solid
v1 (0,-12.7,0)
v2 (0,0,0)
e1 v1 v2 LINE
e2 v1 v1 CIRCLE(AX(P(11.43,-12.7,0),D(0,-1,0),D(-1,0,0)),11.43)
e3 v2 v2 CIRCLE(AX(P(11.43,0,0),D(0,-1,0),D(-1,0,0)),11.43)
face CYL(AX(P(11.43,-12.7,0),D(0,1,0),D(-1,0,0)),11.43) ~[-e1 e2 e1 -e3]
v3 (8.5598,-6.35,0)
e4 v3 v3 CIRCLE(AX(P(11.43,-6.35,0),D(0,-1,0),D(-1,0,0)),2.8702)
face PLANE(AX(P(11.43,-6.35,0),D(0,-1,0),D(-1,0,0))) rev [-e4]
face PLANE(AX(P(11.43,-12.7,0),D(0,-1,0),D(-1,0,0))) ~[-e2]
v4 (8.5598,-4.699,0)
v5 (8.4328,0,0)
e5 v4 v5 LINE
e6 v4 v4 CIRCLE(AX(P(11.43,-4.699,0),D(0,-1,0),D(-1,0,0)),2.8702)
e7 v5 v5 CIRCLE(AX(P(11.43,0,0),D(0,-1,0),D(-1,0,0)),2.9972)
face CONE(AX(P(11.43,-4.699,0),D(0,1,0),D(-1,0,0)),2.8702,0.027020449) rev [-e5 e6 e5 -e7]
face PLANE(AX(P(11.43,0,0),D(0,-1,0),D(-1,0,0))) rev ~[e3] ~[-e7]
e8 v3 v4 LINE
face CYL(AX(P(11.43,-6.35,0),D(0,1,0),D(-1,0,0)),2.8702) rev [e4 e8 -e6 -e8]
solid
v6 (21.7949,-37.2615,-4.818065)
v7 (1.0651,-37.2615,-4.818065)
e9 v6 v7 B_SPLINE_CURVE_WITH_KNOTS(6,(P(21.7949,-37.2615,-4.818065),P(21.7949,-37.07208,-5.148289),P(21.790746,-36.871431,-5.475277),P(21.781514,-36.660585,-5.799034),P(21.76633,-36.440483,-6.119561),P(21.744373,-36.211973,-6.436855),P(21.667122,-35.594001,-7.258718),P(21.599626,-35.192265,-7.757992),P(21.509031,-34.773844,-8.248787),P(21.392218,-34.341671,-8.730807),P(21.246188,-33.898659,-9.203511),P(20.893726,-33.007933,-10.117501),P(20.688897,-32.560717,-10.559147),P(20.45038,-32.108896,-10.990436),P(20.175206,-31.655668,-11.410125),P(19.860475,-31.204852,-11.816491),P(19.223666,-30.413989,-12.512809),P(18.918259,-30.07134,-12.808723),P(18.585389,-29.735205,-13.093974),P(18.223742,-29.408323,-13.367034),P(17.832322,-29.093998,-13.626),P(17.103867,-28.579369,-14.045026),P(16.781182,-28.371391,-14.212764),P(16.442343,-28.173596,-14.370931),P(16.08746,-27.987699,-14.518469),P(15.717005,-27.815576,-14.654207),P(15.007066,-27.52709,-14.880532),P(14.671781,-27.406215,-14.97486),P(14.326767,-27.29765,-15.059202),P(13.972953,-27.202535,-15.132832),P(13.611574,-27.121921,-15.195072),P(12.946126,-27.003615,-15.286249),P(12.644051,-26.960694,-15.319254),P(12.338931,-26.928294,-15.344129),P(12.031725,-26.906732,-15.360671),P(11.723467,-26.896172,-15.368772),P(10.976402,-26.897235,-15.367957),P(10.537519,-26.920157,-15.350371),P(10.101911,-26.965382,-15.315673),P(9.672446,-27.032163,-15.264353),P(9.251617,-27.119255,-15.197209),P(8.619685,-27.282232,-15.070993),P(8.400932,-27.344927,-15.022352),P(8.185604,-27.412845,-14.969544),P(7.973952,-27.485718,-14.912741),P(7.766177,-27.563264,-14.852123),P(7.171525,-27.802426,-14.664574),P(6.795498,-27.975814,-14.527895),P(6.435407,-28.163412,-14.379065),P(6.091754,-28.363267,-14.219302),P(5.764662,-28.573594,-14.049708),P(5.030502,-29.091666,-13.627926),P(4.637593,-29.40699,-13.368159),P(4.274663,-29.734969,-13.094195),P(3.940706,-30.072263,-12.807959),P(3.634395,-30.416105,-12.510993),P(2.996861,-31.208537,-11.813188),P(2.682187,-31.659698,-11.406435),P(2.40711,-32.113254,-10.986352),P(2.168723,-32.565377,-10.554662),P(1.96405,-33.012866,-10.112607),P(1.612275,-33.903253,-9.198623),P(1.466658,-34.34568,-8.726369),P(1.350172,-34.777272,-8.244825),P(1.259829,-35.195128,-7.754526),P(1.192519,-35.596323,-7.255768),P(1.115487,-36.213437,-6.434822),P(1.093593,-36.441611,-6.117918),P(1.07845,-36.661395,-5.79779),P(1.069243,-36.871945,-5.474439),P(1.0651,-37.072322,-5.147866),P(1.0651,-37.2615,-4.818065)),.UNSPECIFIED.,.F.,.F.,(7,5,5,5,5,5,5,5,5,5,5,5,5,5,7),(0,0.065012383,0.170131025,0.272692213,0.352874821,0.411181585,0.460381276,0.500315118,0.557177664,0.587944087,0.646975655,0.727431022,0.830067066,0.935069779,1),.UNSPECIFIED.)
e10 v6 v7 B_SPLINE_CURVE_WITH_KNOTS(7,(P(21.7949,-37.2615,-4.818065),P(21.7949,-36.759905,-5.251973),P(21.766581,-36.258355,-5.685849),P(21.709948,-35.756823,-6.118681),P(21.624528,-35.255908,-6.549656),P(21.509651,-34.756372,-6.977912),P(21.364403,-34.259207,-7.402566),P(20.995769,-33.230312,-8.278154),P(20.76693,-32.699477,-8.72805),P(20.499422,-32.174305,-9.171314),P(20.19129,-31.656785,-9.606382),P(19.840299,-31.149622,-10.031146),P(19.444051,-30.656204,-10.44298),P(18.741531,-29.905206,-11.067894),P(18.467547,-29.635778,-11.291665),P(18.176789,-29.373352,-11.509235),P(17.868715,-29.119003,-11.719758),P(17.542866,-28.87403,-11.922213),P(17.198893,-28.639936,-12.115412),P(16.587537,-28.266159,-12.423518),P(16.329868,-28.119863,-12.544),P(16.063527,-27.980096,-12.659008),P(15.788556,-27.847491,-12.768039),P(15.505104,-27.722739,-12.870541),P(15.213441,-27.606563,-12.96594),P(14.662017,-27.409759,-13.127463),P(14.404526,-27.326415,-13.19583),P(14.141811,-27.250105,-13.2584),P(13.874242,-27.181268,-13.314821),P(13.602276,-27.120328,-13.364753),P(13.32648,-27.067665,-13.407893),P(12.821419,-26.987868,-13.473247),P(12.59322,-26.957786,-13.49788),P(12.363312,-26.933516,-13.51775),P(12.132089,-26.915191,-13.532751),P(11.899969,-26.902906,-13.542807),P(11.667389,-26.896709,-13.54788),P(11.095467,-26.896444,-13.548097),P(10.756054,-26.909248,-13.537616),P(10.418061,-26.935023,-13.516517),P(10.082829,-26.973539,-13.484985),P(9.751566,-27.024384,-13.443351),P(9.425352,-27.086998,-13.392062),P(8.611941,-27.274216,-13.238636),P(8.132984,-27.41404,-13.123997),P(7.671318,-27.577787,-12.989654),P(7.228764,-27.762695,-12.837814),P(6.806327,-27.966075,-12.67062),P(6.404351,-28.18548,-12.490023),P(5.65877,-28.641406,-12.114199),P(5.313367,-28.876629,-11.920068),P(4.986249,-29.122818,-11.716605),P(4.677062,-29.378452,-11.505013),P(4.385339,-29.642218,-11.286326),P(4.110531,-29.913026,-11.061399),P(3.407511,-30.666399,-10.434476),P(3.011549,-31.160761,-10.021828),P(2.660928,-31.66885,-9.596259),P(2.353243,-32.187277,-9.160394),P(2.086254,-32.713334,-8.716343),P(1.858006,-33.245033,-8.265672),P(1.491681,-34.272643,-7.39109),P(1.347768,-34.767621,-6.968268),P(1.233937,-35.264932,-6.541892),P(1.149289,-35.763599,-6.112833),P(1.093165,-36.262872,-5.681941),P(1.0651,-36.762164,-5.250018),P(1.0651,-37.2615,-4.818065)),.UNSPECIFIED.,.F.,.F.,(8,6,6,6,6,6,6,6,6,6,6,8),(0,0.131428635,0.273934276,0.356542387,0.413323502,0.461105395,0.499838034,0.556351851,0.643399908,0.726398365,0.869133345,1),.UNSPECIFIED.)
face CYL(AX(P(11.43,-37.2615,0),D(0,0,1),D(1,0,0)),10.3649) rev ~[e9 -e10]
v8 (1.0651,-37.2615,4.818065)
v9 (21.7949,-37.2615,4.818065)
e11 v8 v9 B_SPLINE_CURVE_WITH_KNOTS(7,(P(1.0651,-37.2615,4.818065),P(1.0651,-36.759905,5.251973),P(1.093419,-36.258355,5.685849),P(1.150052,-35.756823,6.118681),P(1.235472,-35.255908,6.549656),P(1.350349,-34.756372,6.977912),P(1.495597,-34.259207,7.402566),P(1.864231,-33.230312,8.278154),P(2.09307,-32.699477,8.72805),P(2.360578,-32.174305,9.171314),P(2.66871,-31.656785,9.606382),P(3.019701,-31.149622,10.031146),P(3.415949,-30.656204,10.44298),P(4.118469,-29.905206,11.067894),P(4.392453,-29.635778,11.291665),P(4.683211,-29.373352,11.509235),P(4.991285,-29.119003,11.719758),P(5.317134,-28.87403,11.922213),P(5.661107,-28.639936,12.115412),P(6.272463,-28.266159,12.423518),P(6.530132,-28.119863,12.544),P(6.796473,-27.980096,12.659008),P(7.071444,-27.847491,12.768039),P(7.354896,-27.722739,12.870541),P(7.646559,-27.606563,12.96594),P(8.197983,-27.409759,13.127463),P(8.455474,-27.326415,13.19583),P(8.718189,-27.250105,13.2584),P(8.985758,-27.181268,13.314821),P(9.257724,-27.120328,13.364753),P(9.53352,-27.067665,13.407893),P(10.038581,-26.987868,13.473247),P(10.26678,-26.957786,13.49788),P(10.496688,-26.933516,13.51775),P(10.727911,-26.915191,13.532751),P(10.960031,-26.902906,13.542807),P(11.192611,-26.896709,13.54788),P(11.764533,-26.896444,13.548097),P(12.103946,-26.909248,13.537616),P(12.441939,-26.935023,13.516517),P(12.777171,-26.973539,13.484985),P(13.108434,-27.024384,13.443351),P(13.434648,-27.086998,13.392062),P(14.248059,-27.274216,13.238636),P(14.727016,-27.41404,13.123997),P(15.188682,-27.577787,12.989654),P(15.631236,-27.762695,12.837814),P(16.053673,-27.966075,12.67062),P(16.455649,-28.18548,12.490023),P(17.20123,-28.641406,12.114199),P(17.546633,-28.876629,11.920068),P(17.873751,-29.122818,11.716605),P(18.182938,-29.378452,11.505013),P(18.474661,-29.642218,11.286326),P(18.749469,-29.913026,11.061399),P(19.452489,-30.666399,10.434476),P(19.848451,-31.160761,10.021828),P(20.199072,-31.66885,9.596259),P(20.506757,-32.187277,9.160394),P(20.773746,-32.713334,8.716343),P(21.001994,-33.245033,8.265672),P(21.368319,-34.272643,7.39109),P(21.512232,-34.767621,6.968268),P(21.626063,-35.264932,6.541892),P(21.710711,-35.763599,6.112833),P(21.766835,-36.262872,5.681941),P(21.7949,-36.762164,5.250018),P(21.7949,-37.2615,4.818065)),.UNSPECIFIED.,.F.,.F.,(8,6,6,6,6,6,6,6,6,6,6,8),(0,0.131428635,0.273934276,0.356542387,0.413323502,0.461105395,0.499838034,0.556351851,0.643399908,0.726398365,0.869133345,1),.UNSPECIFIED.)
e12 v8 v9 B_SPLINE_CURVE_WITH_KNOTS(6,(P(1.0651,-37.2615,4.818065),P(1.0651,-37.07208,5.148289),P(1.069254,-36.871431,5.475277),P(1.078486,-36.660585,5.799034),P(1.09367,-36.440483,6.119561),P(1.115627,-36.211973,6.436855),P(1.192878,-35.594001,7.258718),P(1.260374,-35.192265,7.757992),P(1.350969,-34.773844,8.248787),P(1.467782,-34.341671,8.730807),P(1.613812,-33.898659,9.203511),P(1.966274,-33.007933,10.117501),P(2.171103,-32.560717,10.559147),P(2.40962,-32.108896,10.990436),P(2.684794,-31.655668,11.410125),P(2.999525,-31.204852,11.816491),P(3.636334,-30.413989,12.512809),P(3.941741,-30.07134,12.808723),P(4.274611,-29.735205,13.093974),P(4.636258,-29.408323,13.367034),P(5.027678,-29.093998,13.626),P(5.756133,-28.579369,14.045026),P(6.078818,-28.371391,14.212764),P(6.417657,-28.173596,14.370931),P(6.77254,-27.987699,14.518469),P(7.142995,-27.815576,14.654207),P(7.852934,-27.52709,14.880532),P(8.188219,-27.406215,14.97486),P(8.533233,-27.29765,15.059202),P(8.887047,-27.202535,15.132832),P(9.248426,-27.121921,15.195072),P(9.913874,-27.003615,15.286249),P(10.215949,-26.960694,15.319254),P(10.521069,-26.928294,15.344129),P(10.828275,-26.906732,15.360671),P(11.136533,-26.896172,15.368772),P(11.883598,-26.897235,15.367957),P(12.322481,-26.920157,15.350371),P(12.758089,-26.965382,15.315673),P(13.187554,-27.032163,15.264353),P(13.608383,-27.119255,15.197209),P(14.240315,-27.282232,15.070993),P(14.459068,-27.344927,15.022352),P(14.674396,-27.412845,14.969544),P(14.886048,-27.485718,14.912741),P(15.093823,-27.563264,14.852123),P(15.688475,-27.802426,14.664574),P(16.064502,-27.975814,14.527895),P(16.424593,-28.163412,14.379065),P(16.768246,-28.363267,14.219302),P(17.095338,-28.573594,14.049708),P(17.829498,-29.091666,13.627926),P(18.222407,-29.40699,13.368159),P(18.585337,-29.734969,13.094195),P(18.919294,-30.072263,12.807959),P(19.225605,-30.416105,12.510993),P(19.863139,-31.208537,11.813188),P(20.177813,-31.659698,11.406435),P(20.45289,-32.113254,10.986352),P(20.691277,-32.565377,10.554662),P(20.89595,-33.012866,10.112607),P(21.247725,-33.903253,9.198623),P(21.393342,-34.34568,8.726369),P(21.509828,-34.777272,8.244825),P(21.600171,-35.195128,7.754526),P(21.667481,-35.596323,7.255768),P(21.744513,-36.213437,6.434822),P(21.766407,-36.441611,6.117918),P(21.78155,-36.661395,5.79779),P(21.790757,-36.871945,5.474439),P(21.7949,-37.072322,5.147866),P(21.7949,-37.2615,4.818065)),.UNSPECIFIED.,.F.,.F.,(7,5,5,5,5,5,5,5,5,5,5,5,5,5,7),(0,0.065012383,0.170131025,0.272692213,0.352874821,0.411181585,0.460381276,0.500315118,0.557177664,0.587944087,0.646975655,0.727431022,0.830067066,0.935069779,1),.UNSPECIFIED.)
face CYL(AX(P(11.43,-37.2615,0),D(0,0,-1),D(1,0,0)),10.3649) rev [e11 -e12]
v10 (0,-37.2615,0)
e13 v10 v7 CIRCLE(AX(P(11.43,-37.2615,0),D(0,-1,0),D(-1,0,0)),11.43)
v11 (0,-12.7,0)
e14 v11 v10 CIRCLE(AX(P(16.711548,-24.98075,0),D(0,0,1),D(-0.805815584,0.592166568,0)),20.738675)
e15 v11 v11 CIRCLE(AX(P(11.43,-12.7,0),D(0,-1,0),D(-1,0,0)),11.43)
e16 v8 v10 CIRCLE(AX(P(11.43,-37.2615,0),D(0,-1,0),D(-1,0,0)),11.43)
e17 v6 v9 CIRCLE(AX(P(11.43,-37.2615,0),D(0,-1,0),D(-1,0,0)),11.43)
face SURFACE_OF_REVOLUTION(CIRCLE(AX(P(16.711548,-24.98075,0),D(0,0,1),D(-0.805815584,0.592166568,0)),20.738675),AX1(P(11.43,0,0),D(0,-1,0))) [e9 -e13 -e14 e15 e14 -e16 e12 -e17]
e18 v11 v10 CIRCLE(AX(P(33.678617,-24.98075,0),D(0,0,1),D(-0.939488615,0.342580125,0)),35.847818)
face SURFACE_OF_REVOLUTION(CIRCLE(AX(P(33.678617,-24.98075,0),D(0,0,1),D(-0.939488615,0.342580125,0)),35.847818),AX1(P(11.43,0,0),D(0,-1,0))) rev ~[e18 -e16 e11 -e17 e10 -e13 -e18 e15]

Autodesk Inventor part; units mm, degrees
ref_plane "YZ Plane" through (0, 0, 0) normal (1, 0, 0) x (0, 1, 0)
ref_plane "XZ Plane" through (0, 0, 0) normal (0, 1, 0) x (-1, 0, 0)
sketch "Sketch1" plane through (0, 0, 0) normal (0, 0, 1) x (1, 0, 0)
  line L0 (0, 0) -> (11.43, 0)
  line L1 (11.43, 0) -> (11.43, -12.7)
  line L2 (11.43, -12.7) -> (0, -12.7)
  line L3 (0, -12.7) -> (0, 0)
  line L4 (11.43, 0) -> (11.43, -54.8894) construction
  arc A0 (0, -12.7) -> (0, -37.2615) centre (16.7117, -24.9808) ccw
  arc A1 (0, -12.7) -> (0, -37.2615) centre (33.6789, -24.9808) ccw
  dimension "d2" = 16.9672
  dimension "d3" = 12.7
  dimension "d16" = 11.43
  dimension "d17" = 54.8894
revolve "Revolution1" add sketch "Sketch1" angle 360 about axis through (11.43, 0, 0) along (0, -1, 0)
sketch "Sketch2" plane through (0, 0, 0) normal (0, 0, 1) x (1, 0, 0)
  line L0 (22.86, 0) -> (0, 0) projected
  line L1 (11.43, 0) -> (8.4328, 0)
  line L2 (11.43, 0) -> (11.43, -6.35)
  line L3 (11.43, -6.35) -> (8.5598, -6.35)
  line L4 (8.5598, -6.35) -> (8.5598, -4.699)
  line L5 (8.5598, -4.699) -> (8.4328, 0)
  dimension "d7" = 2.9972
  dimension "d8" = 6.35
  dimension "d9" = 2.8702
  dimension "d12" = 1.651
revolve "Revolution2" cut sketch "Sketch2" angle 360 about axis through (11.43, 0, 0) along (0, -1, 0)
sketch "Sketch3" plane through (0, 0, 0) normal (0, 0, 1) x (1, 0, 0)
  line L0 (22.86, -37.2615) -> (0, -37.2615) projected
  circle A0 centre (11.43, -37.2615) radius 10.3649
  point P0 (0, 0)
extrude "Extrusion1" cut sketch "Sketch3" along normal mid plane 635
sketch "Sketch4" plane through (0, 0, 0) normal (0, 0, 1) x (1, 0, 0)
  point P0 (0, 0)
sketch "Sketch5" plane through (11.43, 0, 0) normal (0, 1, 0) x (1, 0, 0)
  point P0 (-11.43, 0)
properties part number "caster holder jeffreys"
